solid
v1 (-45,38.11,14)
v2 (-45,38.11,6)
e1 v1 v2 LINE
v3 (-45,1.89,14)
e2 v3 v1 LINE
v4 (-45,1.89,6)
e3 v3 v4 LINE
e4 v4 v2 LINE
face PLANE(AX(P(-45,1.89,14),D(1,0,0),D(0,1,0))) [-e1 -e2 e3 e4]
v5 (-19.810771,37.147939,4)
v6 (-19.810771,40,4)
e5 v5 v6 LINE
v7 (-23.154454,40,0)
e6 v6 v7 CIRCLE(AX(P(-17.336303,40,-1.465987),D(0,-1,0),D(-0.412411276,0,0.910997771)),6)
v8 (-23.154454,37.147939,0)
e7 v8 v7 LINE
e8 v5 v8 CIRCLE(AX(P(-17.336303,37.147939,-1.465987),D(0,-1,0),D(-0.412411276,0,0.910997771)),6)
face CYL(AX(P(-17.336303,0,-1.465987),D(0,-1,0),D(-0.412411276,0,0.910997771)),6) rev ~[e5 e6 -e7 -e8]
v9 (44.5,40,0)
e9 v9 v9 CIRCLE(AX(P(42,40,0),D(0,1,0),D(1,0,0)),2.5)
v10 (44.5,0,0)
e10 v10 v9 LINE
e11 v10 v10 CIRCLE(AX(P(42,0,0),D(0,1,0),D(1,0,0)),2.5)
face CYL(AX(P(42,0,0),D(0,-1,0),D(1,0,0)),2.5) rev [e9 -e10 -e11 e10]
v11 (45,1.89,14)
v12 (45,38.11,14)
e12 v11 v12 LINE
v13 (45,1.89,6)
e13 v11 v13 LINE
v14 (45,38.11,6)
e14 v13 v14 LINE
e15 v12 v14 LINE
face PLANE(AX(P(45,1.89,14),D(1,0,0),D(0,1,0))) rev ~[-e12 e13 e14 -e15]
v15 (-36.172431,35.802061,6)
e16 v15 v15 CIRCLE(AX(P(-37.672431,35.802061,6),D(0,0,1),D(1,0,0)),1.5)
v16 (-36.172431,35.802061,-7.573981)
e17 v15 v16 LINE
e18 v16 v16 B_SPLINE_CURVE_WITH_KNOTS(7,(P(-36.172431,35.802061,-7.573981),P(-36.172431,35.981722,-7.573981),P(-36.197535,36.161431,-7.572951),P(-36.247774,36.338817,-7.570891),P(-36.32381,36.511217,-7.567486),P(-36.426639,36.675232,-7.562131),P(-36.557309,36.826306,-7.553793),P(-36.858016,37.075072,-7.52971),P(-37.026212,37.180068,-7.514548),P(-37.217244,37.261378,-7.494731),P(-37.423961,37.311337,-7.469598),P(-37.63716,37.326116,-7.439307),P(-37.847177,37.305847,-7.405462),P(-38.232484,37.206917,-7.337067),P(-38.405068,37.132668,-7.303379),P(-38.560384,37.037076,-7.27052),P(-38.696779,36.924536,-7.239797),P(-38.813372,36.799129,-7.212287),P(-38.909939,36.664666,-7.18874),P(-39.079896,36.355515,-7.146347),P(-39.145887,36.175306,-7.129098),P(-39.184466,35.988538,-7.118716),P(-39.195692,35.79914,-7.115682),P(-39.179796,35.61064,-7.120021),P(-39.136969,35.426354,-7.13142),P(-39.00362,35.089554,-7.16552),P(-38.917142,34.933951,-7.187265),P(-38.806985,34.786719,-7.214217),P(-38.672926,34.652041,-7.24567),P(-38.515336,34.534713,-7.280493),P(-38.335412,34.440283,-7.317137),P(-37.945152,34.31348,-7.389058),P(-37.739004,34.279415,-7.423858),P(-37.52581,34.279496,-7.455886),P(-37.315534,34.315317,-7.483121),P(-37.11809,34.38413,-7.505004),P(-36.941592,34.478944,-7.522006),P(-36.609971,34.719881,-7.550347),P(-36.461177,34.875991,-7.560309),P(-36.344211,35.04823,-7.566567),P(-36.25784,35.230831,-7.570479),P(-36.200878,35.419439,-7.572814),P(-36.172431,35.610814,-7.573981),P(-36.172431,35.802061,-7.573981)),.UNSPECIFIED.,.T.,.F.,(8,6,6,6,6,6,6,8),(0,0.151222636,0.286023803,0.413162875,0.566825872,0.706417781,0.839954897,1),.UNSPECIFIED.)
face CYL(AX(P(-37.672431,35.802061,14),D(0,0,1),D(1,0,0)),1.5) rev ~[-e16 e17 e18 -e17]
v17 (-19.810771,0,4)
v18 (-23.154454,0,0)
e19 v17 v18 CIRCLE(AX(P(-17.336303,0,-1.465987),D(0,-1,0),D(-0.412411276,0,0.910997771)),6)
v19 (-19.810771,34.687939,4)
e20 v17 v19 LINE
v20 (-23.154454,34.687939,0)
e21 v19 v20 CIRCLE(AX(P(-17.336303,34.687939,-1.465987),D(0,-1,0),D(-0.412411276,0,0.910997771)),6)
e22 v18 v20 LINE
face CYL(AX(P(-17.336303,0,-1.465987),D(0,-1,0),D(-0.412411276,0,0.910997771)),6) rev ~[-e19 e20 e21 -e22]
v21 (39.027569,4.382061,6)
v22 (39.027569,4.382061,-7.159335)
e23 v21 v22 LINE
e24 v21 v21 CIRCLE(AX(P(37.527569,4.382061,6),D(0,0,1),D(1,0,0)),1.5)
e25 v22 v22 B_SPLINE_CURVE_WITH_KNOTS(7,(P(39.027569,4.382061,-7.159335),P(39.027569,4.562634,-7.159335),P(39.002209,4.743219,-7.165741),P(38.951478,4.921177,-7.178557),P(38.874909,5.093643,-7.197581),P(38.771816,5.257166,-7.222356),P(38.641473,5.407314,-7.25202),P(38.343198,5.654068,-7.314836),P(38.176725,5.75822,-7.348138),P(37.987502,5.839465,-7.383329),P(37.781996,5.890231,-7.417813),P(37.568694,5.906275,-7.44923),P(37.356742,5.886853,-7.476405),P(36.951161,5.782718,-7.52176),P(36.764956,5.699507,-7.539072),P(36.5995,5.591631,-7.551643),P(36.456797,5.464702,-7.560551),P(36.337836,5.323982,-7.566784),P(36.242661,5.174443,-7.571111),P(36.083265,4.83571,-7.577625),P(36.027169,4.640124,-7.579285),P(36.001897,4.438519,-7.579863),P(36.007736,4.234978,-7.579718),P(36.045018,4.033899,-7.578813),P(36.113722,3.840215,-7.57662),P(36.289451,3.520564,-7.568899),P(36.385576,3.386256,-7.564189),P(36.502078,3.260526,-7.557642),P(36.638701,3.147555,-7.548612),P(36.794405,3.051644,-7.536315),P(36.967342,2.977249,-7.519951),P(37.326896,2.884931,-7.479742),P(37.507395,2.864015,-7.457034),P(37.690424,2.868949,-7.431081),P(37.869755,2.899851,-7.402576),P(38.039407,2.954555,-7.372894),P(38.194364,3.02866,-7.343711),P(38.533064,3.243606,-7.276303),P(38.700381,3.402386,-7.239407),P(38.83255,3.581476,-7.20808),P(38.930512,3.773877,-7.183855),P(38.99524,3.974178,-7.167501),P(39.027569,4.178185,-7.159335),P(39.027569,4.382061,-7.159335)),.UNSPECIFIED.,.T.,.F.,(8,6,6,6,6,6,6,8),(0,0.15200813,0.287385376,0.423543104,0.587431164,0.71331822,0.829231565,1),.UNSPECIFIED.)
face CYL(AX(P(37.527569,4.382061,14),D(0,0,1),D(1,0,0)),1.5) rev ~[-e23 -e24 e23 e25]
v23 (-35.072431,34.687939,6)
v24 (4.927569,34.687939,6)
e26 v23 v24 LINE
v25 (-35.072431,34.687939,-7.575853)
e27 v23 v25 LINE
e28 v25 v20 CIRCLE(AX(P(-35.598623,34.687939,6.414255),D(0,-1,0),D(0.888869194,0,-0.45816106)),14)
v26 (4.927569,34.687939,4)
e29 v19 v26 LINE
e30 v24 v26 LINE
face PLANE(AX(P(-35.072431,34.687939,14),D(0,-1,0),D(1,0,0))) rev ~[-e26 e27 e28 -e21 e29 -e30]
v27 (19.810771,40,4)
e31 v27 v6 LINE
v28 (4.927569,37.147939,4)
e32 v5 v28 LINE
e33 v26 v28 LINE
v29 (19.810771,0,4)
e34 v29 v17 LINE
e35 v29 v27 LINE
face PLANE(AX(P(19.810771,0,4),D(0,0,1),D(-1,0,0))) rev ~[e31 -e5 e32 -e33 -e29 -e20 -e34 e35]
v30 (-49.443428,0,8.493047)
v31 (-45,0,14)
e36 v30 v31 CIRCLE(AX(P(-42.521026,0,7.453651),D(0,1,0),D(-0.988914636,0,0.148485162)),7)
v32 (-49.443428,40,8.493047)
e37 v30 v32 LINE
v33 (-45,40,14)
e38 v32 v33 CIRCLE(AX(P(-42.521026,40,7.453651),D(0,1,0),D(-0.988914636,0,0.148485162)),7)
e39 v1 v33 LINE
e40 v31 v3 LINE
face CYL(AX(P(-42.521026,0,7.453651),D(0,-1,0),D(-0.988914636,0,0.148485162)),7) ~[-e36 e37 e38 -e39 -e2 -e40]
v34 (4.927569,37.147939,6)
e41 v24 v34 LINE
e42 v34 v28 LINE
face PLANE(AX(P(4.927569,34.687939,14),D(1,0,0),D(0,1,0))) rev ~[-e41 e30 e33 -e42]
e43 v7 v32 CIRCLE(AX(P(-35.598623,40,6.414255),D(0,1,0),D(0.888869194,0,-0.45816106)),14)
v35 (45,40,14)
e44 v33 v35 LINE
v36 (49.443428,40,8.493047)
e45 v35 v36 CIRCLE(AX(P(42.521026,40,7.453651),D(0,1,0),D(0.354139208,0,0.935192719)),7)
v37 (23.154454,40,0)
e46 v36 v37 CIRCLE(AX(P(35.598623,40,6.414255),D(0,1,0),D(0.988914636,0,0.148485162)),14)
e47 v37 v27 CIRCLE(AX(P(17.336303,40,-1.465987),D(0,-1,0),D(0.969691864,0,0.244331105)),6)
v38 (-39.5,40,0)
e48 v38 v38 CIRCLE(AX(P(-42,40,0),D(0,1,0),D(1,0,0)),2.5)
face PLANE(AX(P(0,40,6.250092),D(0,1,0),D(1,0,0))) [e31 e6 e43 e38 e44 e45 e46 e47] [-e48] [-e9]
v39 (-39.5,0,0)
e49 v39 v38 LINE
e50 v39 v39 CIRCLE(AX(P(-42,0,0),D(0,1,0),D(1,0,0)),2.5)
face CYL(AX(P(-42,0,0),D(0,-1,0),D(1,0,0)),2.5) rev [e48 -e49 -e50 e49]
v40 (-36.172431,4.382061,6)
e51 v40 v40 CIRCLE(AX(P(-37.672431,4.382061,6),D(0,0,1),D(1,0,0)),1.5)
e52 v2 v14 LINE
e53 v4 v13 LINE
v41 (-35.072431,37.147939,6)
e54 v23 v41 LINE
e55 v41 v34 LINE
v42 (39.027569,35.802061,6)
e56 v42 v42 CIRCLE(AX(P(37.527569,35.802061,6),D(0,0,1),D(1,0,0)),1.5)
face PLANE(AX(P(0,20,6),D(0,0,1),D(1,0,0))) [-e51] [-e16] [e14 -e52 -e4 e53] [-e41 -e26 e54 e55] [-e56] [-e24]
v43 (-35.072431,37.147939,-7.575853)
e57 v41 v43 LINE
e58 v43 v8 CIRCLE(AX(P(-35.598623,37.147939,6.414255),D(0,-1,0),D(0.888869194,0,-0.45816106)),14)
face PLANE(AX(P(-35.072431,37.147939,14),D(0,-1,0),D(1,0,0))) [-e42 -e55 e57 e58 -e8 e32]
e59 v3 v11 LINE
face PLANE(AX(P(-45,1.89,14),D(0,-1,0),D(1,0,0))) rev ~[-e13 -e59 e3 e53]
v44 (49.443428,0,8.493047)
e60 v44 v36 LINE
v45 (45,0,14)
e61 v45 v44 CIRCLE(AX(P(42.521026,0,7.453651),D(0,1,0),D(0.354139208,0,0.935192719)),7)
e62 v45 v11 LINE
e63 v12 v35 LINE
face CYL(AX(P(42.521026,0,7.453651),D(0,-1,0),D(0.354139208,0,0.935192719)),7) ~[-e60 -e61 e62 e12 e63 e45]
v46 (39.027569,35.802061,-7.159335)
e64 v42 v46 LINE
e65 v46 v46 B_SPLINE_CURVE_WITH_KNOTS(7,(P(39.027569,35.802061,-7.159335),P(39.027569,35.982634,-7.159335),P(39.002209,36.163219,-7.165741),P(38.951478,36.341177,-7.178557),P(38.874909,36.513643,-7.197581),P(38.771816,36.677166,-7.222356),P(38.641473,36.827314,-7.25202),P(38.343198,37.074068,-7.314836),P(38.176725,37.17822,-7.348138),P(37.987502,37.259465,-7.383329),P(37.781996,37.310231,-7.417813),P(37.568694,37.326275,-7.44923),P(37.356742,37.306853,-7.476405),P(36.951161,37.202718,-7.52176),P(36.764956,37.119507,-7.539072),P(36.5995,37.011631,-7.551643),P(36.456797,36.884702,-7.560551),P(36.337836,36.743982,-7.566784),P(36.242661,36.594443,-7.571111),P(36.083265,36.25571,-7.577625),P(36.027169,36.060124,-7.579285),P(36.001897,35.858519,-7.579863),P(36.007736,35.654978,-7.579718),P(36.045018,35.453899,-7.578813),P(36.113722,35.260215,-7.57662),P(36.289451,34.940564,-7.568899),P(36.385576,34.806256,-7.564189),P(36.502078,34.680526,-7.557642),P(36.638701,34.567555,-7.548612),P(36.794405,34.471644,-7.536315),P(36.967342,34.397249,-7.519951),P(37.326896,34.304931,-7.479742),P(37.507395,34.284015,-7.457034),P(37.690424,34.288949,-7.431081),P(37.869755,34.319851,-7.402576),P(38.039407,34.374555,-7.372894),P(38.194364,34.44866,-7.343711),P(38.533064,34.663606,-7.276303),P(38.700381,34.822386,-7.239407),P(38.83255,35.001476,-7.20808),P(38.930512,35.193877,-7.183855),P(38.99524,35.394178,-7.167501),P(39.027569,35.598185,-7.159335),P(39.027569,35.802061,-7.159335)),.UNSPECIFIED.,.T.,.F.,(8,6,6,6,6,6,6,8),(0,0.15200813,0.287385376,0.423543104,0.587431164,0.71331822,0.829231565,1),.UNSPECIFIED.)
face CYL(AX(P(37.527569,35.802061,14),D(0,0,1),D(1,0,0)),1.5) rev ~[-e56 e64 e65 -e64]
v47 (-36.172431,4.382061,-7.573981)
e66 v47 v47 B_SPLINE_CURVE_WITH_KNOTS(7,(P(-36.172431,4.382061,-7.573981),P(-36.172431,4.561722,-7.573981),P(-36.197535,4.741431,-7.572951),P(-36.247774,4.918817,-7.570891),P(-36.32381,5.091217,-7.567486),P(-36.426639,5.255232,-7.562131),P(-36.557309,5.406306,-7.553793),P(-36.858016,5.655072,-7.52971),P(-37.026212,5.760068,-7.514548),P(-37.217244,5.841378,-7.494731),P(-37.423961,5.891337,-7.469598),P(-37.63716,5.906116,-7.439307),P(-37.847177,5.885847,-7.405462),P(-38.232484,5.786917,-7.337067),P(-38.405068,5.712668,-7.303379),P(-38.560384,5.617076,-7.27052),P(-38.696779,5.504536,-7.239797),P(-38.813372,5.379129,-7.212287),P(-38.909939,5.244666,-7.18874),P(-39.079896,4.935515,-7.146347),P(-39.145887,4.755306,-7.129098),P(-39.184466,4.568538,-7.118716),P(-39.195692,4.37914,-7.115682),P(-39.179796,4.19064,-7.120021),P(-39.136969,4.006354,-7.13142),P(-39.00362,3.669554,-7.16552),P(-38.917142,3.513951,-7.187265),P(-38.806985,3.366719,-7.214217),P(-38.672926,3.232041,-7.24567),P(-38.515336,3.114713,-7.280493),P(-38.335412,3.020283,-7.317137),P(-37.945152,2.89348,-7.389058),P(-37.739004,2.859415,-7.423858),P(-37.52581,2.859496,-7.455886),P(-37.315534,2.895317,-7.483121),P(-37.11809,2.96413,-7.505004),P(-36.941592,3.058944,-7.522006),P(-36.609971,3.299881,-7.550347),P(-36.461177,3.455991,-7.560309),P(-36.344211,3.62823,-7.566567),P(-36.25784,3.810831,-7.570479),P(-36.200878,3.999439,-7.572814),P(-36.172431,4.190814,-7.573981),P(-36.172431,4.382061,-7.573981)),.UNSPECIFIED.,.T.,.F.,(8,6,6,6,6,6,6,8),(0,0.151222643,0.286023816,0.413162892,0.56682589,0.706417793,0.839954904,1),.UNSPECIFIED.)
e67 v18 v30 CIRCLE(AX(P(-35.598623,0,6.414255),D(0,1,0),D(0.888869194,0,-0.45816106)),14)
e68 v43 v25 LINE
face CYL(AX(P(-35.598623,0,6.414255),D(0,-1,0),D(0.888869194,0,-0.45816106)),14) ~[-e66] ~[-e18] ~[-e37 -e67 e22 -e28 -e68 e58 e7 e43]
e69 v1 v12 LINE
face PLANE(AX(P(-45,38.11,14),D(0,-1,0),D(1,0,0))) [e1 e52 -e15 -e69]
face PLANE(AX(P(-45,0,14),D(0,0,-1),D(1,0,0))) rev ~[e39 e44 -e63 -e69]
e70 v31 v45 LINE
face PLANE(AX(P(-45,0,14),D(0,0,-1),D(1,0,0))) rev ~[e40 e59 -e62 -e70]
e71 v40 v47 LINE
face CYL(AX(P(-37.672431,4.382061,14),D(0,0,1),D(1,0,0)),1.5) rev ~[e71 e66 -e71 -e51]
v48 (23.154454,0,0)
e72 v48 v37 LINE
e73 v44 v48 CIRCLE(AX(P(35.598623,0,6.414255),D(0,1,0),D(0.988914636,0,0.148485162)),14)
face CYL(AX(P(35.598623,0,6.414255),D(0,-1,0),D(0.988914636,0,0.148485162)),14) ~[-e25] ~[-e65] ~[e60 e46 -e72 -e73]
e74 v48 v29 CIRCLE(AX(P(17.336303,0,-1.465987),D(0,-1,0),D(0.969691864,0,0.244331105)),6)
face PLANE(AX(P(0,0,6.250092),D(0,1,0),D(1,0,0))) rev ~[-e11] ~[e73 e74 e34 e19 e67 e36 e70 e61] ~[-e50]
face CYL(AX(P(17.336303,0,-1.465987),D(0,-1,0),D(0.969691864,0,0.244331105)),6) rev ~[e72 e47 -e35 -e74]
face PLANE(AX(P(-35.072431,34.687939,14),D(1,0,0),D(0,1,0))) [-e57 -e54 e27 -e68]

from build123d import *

# Parameters (mm, degrees)
SKETCH1_R           = 2.5
BOSS_EXTRUDE2_DEPTH = 40
SKETCH3_W           = 90
SKETCH3_H           = 36.22
SKETCH3_R           = 1.5
SKETCH3_W_2         = 40
SKETCH3_H_2         = 2.46
CUT_EXTRUDE1_DEPTH  = 8
SKETCH3_5_W         = 40
SKETCH3_5_H         = 2.46
SKETCH3_5_R         = 1.5
CUT_EXTRUDE3_DEPTH  = 22.585745164


with BuildPart() as part:
    # Sketch1 → Boss-Extrude2 (new body)
    with BuildSketch(Plane(origin=(0, 0, 0), x_dir=(1, 0, 0), z_dir=(0, 1, 0))):
        with BuildLine():
            Line((-45, -14), (45, -14))
            ThreePointArc((45, -14), (47.968786967, -11.849318779), (49.443427998, -8.493047098))
            ThreePointArc((49.443427998, -8.493047098), (39.902505959, 6.907779255), (23.154454386, 0))
            ThreePointArc((23.154454386, 0), (21.939767311, -2.382145151), (19.810770857, -4))
            Line((19.810770857, -4), (-19.810770857, -4))
            ThreePointArc((-19.810770857, -4), (-21.939767311, -2.382145151), (-23.154454386, 0))
            ThreePointArc((-23.154454386, 0), (-39.902505959, 6.907779255), (-49.443427998, -8.493047098))
            ThreePointArc((-49.443427998, -8.493047098), (-47.968786967, -11.849318779), (-45, -14))
        make_face()
        with Locations((-42, 0)):
            Circle(SKETCH1_R, mode=Mode.SUBTRACT)
        with Locations((42, 0)):
            Circle(SKETCH1_R, mode=Mode.SUBTRACT)
    extrude(amount=BOSS_EXTRUDE2_DEPTH)

    # Sketch3 → Cut-Extrude1 (cut)
    with BuildSketch(Plane.XY.offset(14)):
        with Locations((0, 20)):
            Rectangle(SKETCH3_W, SKETCH3_H)
        with Locations((37.527569226, 35.802060635)):
            Circle(SKETCH3_R, mode=Mode.SUBTRACT)
        with Locations((-37.672430774, 35.802060635)):
            Circle(SKETCH3_R, mode=Mode.SUBTRACT)
        with Locations((-37.672430774, 4.382060635)):
            Circle(SKETCH3_R, mode=Mode.SUBTRACT)
        with Locations((37.527569226, 4.382060635)):
            Circle(SKETCH3_R, mode=Mode.SUBTRACT)
        with Locations((-15.072430774, 35.917939365)):
            Rectangle(SKETCH3_W_2, SKETCH3_H_2, mode=Mode.SUBTRACT)
    extrude(amount=-CUT_EXTRUDE1_DEPTH, mode=Mode.SUBTRACT)

    # Sketch3<5> → Cut-Extrude3 (cut, through all)
    with BuildSketch(Plane.XY.offset(14)):
        with Locations((-15.072430774, 35.917939365)):
            Rectangle(SKETCH3_5_W, SKETCH3_5_H)
        with Locations((-37.672430774, 35.802060635)):
            Circle(SKETCH3_5_R)
        with Locations((-37.672430774, 4.382060635)):
            Circle(SKETCH3_5_R)
        with Locations((37.527569226, 4.382060635)):
            Circle(SKETCH3_5_R)
        with Locations((37.527569226, 35.802060635)):
            Circle(SKETCH3_5_R)
    extrude(amount=-CUT_EXTRUDE3_DEPTH, mode=Mode.SUBTRACT)


solid = part.part
